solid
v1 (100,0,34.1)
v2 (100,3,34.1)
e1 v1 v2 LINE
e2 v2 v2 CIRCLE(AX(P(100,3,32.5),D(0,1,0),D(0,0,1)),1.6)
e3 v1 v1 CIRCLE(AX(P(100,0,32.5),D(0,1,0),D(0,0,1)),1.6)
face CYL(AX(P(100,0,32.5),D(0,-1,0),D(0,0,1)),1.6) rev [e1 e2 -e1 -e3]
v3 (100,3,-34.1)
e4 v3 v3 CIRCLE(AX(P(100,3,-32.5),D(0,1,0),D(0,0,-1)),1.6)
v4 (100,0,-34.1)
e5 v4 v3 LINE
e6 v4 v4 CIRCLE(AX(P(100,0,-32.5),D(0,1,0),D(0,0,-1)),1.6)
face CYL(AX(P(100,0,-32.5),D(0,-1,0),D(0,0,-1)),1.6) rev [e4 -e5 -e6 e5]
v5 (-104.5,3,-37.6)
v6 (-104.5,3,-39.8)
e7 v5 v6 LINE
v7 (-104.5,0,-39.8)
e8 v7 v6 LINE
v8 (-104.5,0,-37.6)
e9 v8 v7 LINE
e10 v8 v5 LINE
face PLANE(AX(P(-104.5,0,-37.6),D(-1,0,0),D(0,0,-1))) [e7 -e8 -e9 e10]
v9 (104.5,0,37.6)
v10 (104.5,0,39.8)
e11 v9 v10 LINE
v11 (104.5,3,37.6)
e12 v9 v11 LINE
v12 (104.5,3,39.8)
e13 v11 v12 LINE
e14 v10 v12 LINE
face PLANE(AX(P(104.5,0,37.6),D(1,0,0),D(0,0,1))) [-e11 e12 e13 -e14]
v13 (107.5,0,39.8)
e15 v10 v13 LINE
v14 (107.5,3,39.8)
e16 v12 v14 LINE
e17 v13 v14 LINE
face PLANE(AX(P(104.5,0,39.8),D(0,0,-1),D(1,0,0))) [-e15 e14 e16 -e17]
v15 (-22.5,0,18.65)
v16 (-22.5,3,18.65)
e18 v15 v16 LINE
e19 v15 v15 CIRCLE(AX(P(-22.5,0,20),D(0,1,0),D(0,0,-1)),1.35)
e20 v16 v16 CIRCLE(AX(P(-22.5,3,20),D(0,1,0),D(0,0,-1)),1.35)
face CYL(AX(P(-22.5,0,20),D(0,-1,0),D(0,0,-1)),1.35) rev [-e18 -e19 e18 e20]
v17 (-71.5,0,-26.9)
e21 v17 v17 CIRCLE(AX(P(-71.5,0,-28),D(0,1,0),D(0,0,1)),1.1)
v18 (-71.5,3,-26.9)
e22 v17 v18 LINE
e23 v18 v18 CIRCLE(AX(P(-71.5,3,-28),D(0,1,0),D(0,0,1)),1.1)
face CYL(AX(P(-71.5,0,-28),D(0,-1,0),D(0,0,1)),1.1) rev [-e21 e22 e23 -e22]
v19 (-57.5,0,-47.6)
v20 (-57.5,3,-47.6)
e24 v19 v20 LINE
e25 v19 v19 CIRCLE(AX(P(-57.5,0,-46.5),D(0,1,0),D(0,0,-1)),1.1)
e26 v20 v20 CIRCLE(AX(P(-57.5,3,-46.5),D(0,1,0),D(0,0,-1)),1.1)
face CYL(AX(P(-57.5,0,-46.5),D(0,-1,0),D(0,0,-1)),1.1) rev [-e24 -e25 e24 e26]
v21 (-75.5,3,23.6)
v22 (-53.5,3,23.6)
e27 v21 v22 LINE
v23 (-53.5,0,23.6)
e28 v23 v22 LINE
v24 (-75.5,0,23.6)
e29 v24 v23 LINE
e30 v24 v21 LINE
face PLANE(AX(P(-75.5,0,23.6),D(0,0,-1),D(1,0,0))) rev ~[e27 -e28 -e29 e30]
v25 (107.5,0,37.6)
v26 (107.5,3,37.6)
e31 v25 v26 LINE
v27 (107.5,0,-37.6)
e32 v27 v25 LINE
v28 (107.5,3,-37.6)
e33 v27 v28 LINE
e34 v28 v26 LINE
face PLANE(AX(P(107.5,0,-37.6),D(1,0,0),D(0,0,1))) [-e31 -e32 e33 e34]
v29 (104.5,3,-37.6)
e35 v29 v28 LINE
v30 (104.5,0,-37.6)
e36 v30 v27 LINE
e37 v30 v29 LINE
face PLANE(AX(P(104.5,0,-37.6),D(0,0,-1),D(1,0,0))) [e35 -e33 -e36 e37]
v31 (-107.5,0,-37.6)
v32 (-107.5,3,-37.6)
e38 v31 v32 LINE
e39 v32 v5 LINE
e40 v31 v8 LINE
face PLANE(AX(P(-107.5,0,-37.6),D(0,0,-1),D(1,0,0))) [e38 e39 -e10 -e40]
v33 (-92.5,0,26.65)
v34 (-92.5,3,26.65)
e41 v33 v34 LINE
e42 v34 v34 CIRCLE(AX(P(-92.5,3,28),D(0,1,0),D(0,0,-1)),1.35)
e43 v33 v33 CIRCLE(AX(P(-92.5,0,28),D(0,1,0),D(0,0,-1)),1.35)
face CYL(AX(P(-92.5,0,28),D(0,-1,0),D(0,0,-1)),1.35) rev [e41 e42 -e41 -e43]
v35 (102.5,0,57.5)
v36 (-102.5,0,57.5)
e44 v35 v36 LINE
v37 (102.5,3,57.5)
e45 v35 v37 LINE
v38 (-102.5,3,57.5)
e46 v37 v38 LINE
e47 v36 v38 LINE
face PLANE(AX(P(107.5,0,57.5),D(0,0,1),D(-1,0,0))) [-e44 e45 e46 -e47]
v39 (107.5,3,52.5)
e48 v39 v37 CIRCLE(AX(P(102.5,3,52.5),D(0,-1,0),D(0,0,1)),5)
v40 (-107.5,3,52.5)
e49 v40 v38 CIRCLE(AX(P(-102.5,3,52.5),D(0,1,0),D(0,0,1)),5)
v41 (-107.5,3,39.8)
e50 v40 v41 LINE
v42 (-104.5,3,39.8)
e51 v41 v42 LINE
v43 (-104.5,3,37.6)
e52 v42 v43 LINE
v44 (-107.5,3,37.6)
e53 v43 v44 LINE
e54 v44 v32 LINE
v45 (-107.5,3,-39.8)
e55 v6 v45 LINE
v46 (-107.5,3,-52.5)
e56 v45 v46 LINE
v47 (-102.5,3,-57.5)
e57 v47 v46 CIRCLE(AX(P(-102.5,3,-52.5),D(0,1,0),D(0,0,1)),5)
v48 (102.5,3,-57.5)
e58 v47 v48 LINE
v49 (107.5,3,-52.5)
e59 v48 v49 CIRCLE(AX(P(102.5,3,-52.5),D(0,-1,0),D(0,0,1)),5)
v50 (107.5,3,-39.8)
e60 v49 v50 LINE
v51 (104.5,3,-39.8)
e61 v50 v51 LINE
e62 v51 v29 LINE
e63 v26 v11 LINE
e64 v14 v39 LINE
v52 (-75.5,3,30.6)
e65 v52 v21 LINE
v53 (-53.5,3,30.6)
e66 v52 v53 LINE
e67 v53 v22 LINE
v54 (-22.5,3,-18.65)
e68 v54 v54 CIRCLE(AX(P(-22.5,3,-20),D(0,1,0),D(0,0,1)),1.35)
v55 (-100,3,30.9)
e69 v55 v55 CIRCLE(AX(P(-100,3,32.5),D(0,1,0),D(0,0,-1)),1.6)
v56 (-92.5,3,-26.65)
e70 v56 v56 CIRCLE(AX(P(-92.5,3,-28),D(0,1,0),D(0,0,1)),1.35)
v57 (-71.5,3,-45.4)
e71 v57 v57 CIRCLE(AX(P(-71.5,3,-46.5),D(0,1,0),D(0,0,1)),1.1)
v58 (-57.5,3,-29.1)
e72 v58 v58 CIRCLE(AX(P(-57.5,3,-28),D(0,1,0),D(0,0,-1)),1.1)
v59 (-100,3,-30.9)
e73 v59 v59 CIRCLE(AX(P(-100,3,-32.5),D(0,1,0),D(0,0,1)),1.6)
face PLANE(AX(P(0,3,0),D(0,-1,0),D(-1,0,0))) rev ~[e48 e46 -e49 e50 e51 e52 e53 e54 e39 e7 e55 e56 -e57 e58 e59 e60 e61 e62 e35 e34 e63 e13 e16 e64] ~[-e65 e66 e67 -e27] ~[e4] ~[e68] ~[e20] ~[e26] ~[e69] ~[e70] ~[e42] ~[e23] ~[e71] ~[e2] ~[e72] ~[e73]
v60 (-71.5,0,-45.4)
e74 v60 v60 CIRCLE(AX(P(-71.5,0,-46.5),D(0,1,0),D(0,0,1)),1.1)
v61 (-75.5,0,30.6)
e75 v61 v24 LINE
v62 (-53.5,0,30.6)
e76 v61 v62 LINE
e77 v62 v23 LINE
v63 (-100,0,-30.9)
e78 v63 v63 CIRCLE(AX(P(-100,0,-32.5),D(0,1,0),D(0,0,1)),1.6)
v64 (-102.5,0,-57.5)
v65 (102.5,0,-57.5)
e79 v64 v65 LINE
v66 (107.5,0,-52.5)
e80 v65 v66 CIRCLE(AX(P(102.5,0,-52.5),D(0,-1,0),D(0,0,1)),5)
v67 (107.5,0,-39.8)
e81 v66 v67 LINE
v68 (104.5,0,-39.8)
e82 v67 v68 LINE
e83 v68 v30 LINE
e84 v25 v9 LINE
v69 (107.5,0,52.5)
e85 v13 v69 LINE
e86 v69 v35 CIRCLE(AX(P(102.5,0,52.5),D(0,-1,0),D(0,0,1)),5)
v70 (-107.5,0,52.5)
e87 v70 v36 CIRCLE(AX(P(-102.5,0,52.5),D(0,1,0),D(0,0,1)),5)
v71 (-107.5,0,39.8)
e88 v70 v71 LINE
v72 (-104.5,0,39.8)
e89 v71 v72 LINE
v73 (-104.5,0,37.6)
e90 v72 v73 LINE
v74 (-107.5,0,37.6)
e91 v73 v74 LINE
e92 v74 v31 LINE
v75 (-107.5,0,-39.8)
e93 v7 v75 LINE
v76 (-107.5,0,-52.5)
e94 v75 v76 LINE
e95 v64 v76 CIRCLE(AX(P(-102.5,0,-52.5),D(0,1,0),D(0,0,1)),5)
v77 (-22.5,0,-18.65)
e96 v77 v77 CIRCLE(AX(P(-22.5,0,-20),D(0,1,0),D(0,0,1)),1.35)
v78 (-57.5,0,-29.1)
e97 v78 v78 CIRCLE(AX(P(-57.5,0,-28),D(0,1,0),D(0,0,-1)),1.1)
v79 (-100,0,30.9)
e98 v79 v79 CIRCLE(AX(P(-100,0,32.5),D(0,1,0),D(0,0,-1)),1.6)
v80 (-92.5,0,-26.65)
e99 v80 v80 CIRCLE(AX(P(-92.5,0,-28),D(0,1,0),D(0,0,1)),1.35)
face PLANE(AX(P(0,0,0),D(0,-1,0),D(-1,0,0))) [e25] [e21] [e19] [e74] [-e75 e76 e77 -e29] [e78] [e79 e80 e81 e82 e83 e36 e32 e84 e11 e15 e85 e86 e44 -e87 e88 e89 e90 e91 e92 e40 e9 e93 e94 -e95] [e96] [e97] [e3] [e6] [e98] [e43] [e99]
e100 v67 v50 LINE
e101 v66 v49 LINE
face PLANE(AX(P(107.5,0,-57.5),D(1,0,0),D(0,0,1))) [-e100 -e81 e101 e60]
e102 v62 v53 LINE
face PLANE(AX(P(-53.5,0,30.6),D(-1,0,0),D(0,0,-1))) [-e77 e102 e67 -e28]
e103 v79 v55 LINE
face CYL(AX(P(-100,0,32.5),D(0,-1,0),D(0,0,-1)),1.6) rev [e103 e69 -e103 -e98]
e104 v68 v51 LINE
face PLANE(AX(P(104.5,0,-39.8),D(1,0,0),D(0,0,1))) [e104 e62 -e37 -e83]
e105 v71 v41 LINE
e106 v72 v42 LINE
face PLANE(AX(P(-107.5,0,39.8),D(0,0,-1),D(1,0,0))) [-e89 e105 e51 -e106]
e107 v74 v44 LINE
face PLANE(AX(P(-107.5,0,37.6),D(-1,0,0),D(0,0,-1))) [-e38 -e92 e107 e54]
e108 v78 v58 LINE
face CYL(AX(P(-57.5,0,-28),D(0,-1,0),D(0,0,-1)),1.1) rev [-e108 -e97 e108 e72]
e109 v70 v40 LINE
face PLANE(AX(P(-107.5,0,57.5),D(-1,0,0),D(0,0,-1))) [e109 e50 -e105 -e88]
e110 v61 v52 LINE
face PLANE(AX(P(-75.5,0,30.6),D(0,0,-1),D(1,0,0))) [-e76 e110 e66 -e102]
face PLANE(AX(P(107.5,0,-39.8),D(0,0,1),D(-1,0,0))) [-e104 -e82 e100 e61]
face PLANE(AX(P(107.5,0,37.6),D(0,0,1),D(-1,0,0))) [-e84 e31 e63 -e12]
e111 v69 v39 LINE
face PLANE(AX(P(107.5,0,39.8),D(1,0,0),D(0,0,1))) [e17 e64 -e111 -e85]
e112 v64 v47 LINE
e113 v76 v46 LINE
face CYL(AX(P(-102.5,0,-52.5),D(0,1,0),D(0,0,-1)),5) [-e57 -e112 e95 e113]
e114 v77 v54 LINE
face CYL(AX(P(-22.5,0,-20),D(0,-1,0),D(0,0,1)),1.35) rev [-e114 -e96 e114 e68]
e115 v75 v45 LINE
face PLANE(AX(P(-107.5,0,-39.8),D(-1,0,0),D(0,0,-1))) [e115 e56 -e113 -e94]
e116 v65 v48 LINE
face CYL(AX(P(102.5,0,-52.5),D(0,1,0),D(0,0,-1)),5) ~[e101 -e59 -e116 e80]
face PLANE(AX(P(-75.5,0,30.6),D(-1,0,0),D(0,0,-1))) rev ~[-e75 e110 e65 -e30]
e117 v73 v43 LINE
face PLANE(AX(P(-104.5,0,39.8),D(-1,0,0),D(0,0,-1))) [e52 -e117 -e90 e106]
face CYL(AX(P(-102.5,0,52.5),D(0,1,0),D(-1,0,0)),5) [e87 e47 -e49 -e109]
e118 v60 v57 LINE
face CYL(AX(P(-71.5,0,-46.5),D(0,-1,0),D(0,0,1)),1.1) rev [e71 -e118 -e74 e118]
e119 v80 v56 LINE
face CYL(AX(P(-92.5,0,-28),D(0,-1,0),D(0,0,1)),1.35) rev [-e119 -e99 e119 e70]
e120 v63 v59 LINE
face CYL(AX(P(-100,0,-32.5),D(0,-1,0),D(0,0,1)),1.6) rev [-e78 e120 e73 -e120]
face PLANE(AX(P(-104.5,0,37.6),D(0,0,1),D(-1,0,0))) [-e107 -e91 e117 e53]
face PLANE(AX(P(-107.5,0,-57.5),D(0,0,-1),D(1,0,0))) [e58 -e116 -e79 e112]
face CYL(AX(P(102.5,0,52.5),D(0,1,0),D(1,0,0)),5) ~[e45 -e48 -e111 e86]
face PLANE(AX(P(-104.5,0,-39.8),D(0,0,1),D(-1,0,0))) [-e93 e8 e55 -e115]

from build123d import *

# Parameters (mm, degrees)
SKETCH1_R           = 1.35
SKETCH1_R_2         = 1.6
SKETCH1_R_3         = 1.1
SKETCH1_W           = 22
SKETCH1_H           = 7
BOSS_EXTRUDE1_DEPTH = 3
FILLET1_R           = 5


with BuildPart() as part:
    # Sketch1 → Boss-Extrude1 (new body)
    with BuildSketch(Plane(origin=(0, 0, 0), x_dir=(1, 0, 0), z_dir=(0, 1, 0))):
        Polygon((-107.5, 57.5), (107.5, 57.5), (107.5, 39.8), (104.5, 39.8), (104.5, 37.6), (107.5, 37.6), (107.5, -37.6), (104.5, -37.6), (104.5, -39.8), (107.5, -39.8), (107.5, -57.5), (-107.5, -57.5), (-107.5, -39.8), (-104.5, -39.8), (-104.5, -37.6), (-107.5, -37.6), (-107.5, 37.6), (-104.5, 37.6), (-104.5, 39.8), (-107.5, 39.8), align=None)
        with Locations(Location((-92.5, 28, 0), (0, 0, 270))):
            Circle(SKETCH1_R, mode=Mode.SUBTRACT)
        with Locations(Location((-22.5, 20, 0), (0, 0, 270))):
            Circle(SKETCH1_R, mode=Mode.SUBTRACT)
        with Locations(Location((-92.5, -28, 0), (0, 0, 90))):
            Circle(SKETCH1_R, mode=Mode.SUBTRACT)
        with Locations(Location((-22.5, -20, 0), (0, 0, 90))):
            Circle(SKETCH1_R, mode=Mode.SUBTRACT)
        with Locations(Location((-100, 32.5, 0), (0, 0, 270))):
            Circle(SKETCH1_R_2, mode=Mode.SUBTRACT)
        with Locations(Location((100, 32.5, 0), (0, 0, 90))):
            Circle(SKETCH1_R_2, mode=Mode.SUBTRACT)
        with Locations(Location((100, -32.5, 0), (0, 0, 270))):
            Circle(SKETCH1_R_2, mode=Mode.SUBTRACT)
        with Locations(Location((-100, -32.5, 0), (0, 0, 90))):
            Circle(SKETCH1_R_2, mode=Mode.SUBTRACT)
        with Locations(Location((-71.5, 46.5, 0), (0, 0, 270))):
            Circle(SKETCH1_R_3, mode=Mode.SUBTRACT)
        with Locations(Location((-71.5, 28, 0), (0, 0, 270))):
            Circle(SKETCH1_R_3, mode=Mode.SUBTRACT)
        with Locations(Location((-57.5, 46.5, 0), (0, 0, 90))):
            Circle(SKETCH1_R_3, mode=Mode.SUBTRACT)
        with Locations(Location((-57.5, 28, 0), (0, 0, 90))):
            Circle(SKETCH1_R_3, mode=Mode.SUBTRACT)
        with Locations((-64.5, -27.1)):
            Rectangle(SKETCH1_W, SKETCH1_H, mode=Mode.SUBTRACT)
    extrude(amount=BOSS_EXTRUDE1_DEPTH)

    # Fillet1
    fillet1_edges = [part.edges().sort_by_distance(p)[0] for p in [
        (107.5, 1.5, 57.5),
        (-107.5, 1.5, 57.5),
        (-107.5, 1.5, -57.5),
        (107.5, 1.5, -57.5),
    ]]
    fillet(fillet1_edges, radius=FILLET1_R)


solid = part.part
